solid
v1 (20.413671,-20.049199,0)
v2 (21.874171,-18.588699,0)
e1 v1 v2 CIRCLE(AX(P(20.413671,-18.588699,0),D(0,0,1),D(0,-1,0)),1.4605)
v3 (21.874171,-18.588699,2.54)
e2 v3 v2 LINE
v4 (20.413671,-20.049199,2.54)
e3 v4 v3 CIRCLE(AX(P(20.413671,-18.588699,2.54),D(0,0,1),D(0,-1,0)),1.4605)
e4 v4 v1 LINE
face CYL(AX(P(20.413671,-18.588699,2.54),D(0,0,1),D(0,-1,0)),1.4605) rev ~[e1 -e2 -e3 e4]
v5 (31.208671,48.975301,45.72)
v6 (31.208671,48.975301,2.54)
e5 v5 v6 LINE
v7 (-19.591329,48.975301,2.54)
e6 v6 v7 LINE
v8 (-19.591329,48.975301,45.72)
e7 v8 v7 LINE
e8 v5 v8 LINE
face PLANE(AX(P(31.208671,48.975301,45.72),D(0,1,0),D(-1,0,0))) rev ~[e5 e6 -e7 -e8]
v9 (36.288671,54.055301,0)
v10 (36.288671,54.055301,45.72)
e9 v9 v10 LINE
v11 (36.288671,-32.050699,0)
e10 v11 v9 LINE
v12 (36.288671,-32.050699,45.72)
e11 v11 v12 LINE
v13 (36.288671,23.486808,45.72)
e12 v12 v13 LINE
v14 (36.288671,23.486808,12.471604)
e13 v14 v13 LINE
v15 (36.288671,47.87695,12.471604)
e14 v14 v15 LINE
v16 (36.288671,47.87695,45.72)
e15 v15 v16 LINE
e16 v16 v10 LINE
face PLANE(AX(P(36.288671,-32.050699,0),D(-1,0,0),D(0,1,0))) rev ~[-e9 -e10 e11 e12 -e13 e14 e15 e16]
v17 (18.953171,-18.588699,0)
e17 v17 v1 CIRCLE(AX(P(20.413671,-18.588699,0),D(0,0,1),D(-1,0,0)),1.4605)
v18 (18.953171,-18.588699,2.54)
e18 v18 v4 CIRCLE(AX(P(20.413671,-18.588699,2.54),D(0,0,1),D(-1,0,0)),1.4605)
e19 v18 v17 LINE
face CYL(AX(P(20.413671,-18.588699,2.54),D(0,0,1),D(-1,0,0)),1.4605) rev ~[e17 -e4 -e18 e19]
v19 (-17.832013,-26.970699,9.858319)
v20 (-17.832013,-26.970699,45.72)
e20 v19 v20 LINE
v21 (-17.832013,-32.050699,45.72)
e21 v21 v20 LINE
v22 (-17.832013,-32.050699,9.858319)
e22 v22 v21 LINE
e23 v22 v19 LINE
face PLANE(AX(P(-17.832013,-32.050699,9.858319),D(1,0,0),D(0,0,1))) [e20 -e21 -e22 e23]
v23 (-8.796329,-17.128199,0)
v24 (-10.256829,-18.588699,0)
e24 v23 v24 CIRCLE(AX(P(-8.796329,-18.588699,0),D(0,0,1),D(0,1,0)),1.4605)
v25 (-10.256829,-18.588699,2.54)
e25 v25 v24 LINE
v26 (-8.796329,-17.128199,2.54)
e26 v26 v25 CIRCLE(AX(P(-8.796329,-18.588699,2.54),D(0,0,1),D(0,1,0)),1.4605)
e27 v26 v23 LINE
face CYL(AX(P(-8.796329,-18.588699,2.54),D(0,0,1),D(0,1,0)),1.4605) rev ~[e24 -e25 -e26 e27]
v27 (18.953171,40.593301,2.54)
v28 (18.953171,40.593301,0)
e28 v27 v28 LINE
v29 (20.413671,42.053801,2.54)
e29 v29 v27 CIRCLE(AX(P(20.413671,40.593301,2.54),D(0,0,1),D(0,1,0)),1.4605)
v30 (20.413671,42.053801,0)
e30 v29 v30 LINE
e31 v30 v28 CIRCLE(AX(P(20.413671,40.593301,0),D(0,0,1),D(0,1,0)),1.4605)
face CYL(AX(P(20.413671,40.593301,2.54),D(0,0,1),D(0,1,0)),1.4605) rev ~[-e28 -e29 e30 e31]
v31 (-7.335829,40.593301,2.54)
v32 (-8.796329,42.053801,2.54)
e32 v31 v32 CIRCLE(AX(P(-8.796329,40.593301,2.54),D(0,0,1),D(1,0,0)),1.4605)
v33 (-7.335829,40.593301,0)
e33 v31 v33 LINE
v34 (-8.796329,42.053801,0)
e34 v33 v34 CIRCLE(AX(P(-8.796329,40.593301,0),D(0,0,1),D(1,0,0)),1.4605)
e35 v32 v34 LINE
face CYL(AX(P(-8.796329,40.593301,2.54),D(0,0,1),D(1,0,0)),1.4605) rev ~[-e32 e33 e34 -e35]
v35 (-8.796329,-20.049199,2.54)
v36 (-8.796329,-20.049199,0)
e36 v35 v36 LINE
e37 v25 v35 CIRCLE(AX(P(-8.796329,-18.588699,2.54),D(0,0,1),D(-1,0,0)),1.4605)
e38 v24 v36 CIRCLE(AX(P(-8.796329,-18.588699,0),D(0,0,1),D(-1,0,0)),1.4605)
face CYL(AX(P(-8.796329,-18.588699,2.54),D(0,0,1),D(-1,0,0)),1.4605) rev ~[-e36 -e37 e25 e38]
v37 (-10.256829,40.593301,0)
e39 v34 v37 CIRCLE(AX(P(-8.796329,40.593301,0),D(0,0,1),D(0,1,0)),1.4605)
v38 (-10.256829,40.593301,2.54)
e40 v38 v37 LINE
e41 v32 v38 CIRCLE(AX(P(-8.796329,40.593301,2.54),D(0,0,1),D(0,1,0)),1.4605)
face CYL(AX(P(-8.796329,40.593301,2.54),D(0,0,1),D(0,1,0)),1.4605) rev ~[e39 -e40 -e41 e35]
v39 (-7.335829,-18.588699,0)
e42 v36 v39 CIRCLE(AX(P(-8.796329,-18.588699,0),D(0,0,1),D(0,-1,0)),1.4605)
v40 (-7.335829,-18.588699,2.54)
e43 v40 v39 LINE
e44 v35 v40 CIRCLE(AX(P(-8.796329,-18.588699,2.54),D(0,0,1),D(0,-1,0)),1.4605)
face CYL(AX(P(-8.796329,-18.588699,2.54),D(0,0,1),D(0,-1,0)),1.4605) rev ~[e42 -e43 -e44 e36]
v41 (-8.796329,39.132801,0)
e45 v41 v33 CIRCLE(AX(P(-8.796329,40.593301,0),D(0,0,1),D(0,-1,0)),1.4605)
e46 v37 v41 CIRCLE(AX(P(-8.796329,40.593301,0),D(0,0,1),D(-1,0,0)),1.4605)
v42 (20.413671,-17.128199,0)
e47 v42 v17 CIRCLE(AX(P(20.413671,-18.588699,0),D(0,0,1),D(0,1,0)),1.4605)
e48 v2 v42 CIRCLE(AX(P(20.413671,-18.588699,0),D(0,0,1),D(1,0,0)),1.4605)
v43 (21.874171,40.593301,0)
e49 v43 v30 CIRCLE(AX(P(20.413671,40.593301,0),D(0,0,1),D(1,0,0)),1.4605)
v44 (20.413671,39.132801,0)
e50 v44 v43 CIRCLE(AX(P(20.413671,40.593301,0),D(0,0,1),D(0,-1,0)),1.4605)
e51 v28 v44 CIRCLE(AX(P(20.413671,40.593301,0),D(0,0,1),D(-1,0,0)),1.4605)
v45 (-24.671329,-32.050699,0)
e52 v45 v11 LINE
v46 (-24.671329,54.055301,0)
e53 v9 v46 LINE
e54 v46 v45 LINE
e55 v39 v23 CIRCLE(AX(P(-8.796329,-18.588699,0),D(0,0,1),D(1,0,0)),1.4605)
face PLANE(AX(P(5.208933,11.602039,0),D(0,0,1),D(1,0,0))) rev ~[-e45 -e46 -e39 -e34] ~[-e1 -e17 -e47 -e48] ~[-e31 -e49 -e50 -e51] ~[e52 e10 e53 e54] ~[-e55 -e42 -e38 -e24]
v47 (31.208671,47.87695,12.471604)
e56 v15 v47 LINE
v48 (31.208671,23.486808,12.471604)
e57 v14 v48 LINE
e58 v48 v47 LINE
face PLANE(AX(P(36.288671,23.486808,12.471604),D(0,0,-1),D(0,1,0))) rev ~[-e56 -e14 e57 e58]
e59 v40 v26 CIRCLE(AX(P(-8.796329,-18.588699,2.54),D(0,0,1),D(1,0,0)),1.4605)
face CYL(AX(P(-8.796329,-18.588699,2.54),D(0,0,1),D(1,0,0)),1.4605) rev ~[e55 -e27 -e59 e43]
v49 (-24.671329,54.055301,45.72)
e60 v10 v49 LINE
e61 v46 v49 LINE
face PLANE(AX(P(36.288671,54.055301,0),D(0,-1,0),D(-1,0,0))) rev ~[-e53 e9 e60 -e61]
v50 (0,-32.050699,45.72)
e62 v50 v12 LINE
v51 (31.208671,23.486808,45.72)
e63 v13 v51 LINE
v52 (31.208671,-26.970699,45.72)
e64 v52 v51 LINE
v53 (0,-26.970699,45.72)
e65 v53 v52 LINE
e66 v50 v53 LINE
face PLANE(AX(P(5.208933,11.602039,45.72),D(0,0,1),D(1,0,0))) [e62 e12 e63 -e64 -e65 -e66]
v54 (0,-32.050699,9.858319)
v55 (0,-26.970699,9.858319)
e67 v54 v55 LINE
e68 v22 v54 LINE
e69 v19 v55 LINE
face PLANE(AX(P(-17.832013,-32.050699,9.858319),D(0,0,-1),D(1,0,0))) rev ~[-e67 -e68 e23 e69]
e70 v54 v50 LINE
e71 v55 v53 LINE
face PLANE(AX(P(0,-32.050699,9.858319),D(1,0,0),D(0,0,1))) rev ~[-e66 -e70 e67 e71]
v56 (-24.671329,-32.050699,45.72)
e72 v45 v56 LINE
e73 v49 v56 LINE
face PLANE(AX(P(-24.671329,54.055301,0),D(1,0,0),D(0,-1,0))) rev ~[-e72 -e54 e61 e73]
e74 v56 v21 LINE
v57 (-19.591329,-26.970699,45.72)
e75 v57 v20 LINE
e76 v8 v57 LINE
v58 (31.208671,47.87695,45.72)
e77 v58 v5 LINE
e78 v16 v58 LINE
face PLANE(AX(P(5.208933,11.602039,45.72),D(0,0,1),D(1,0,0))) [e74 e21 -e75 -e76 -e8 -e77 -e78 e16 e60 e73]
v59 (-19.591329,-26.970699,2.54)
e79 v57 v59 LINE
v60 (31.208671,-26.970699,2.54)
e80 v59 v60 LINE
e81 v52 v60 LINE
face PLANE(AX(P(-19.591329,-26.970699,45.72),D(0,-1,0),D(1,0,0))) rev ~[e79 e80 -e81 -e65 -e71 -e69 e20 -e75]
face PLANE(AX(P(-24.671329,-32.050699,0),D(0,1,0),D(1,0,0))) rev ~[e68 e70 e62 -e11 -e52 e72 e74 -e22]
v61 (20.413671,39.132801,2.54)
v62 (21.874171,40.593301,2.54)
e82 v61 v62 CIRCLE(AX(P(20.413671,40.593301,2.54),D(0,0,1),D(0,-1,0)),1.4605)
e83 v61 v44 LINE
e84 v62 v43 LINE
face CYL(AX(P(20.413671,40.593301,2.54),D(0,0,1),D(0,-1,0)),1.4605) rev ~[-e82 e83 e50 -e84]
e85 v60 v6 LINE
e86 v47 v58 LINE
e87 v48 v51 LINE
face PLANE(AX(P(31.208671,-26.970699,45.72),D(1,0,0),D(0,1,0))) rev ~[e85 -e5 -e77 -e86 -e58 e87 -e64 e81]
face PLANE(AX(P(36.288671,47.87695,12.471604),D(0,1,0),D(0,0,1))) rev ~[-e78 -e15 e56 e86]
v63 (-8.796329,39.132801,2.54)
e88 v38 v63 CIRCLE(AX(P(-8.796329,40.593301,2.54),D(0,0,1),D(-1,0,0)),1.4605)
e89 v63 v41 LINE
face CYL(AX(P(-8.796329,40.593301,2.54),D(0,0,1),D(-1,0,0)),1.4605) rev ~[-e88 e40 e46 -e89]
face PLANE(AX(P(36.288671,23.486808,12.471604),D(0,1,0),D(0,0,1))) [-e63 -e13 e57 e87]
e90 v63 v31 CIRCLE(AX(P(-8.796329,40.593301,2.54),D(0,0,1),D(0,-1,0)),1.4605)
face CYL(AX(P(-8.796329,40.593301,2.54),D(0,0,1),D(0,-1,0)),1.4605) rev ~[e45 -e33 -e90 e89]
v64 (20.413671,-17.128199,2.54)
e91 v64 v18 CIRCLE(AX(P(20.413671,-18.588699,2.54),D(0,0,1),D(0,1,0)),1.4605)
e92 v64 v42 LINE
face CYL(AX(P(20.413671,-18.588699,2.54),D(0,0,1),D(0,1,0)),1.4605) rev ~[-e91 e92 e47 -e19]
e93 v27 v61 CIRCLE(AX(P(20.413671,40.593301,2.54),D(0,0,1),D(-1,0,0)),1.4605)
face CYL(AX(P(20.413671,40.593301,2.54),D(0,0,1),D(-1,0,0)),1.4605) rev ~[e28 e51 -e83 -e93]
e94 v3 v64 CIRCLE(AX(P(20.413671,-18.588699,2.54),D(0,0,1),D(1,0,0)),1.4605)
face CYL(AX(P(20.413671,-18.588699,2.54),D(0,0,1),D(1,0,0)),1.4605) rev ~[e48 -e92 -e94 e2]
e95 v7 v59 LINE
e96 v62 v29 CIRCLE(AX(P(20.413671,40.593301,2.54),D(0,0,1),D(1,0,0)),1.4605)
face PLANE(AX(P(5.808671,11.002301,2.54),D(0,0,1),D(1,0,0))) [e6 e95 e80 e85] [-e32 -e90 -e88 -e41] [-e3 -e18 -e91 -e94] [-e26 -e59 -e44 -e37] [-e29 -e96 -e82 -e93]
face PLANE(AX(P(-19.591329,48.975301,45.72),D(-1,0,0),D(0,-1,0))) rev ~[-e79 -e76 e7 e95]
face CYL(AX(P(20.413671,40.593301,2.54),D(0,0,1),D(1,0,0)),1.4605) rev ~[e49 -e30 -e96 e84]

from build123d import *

# Parameters (mm, degrees)
F0_W     = 20.6896286374
F0_H     = 8.5261184722
F1_DEPTH = 45.72
F3_DEPTH = 43.18
F5_DEPTH = 25.4
F6_W     = 24.390142411
F6_H     = 33.248395839
F7_DEPTH = 25.4
F8_W     = 17.8320128471
F8_H     = 35.8616813955
F9_DEPTH = 25.4


with BuildPart() as f1:
    # F0 (on Top) → F1 (new body)
    with BuildSketch(Plane.XY):
        Polygon((36.2886708146, 54.0553010044), (-24.6713291854, 54.0553010044), (-24.6713291854, -32.0506989956), (15.5990421772, -32.0506989956), (15.5990421772, -23.5245805234), (36.2886708146, -23.5245805234), align=None)
        with Locations((25.9438564959, -27.7876397595)):
            Rectangle(F0_W, F0_H)
    extrude(amount=F1_DEPTH)

    # F2 (on face) → F3 (cut)
    with BuildSketch(Plane.XY.offset(45.72)):
        Polygon((5.8086708146, 48.9753010044), (-19.5913291854, 48.9753010044), (-19.5913291854, 11.0023010044), (-19.5913291854, -26.9706989956), (5.8086708146, -26.9706989956), (31.2086708146, -26.9706989956), (31.2086708146, 11.0023010044), (31.2086708146, 48.9753010044), align=None)
    extrude(amount=-F3_DEPTH, mode=Mode.SUBTRACT)

    # F4 (on face) → F5 (cut)
    with BuildSketch(Plane.XY.offset(2.54)):
        with BuildLine():
            Line((-8.7963291854, 40.5933010044), (-10.2568291854, 40.5933010044))
            ThreePointArc((-10.2568291854, 40.5933010044), (-9.8290586393, 39.5605715505), (-8.7963291854, 39.1328010044))
            Line((-8.7963291854, 39.1328010044), (-8.7963291854, 40.5933010044))
        make_face()
        with BuildLine():
            Line((-7.3358291854, 40.5933010044), (-8.7963291854, 40.5933010044))
            Line((-8.7963291854, 40.5933010044), (-8.7963291854, 39.1328010044))
            ThreePointArc((-8.7963291854, 39.1328010044), (-7.7635997314, 39.5605715505), (-7.3358291854, 40.5933010044))
        make_face()
        with BuildLine():
            ThreePointArc((-7.3358291854, 40.5933010044), (-7.7635997314, 41.6260304583), (-8.7963291854, 42.0538010044))
            Line((-8.7963291854, 42.0538010044), (-8.7963291854, 40.5933010044))
            Line((-8.7963291854, 40.5933010044), (-7.3358291854, 40.5933010044))
        make_face()
        with BuildLine():
            ThreePointArc((-8.7963291854, 42.0538010044), (-9.8290586393, 41.6260304583), (-10.2568291854, 40.5933010044))
            Line((-10.2568291854, 40.5933010044), (-8.7963291854, 40.5933010044))
            Line((-8.7963291854, 40.5933010044), (-8.7963291854, 42.0538010044))
        make_face()
        with BuildLine():
            Line((-8.7963291854, -17.1281989956), (-8.7963291854, -18.5886989956))
            Line((-8.7963291854, -18.5886989956), (-7.3358291854, -18.5886989956))
            ThreePointArc((-7.3358291854, -18.5886989956), (-7.7635997314, -17.5559695417), (-8.7963291854, -17.1281989956))
        make_face()
        with BuildLine():
            Line((-8.7963291854, -18.5886989956), (-10.2568291854, -18.5886989956))
            ThreePointArc((-10.2568291854, -18.5886989956), (-9.8290586393, -19.6214284495), (-8.7963291854, -20.0491989956))
            Line((-8.7963291854, -20.0491989956), (-8.7963291854, -18.5886989956))
        make_face()
        with BuildLine():
            Line((-7.3358291854, -18.5886989956), (-8.7963291854, -18.5886989956))
            Line((-8.7963291854, -18.5886989956), (-8.7963291854, -20.0491989956))
            ThreePointArc((-8.7963291854, -20.0491989956), (-7.7635997314, -19.6214284495), (-7.3358291854, -18.5886989956))
        make_face()
        with BuildLine():
            ThreePointArc((-8.7963291854, -17.1281989956), (-9.8290586393, -17.5559695417), (-10.2568291854, -18.5886989956))
            Line((-10.2568291854, -18.5886989956), (-8.7963291854, -18.5886989956))
            Line((-8.7963291854, -18.5886989956), (-8.7963291854, -17.1281989956))
        make_face()
        with BuildLine():
            ThreePointArc((21.8741708146, 40.5933010044), (21.4464002686, 41.6260304583), (20.4136708146, 42.0538010044))
            Line((20.4136708146, 42.0538010044), (20.4136708146, 40.5933010044))
            Line((20.4136708146, 40.5933010044), (21.8741708146, 40.5933010044))
        make_face()
        with BuildLine():
            Line((21.8741708146, 40.5933010044), (20.4136708146, 40.5933010044))
            Line((20.4136708146, 40.5933010044), (20.4136708146, 39.1328010044))
            ThreePointArc((20.4136708146, 39.1328010044), (21.4464002686, 39.5605715505), (21.8741708146, 40.5933010044))
        make_face()
        with BuildLine():
            Line((20.4136708146, 40.5933010044), (18.9531708146, 40.5933010044))
            ThreePointArc((18.9531708146, 40.5933010044), (19.3809413607, 39.5605715505), (20.4136708146, 39.1328010044))
            Line((20.4136708146, 39.1328010044), (20.4136708146, 40.5933010044))
        make_face()
        with BuildLine():
            Line((20.4136708146, 40.5933010044), (20.4136708146, 42.0538010044))
            ThreePointArc((20.4136708146, 42.0538010044), (19.3809413607, 41.6260304583), (18.9531708146, 40.5933010044))
            Line((18.9531708146, 40.5933010044), (20.4136708146, 40.5933010044))
        make_face()
        with BuildLine():
            ThreePointArc((21.8741708146, -18.5886989956), (21.4464002686, -17.5559695417), (20.4136708146, -17.1281989956))
            Line((20.4136708146, -17.1281989956), (20.4136708146, -18.5886989956))
            Line((20.4136708146, -18.5886989956), (21.8741708146, -18.5886989956))
        make_face()
        with BuildLine():
            ThreePointArc((20.4136708146, -17.1281989956), (19.3809413607, -17.5559695417), (18.9531708146, -18.5886989956))
            Line((18.9531708146, -18.5886989956), (20.4136708146, -18.5886989956))
            Line((20.4136708146, -18.5886989956), (20.4136708146, -17.1281989956))
        make_face()
        with BuildLine():
            ThreePointArc((18.9531708146, -18.5886989956), (19.3809413607, -19.6214284495), (20.4136708146, -20.0491989956))
            Line((20.4136708146, -20.0491989956), (20.4136708146, -18.5886989956))
            Line((20.4136708146, -18.5886989956), (18.9531708146, -18.5886989956))
        make_face()
        with BuildLine():
            Line((20.4136708146, -18.5886989956), (20.4136708146, -20.0491989956))
            ThreePointArc((20.4136708146, -20.0491989956), (21.4464002686, -19.6214284495), (21.8741708146, -18.5886989956))
            Line((21.8741708146, -18.5886989956), (20.4136708146, -18.5886989956))
        make_face()
    extrude(amount=-F5_DEPTH, mode=Mode.SUBTRACT)

    # F6 (on face) → F7 (cut)
    with BuildSketch(Plane.YZ.offset(36.2886708146)):
        with Locations((35.6818791479, 29.0958020805)):
            Rectangle(F6_W, F6_H)
    extrude(amount=-F7_DEPTH, mode=Mode.SUBTRACT)

    # F8 (on face) → F9 (cut)
    with BuildSketch(Plane.XZ.offset(32.0506989956)):
        with Locations((-8.9160064235, 27.7891593023)):
            Rectangle(F8_W, F8_H)
    extrude(amount=-F9_DEPTH, mode=Mode.SUBTRACT)


solid = f1.part
